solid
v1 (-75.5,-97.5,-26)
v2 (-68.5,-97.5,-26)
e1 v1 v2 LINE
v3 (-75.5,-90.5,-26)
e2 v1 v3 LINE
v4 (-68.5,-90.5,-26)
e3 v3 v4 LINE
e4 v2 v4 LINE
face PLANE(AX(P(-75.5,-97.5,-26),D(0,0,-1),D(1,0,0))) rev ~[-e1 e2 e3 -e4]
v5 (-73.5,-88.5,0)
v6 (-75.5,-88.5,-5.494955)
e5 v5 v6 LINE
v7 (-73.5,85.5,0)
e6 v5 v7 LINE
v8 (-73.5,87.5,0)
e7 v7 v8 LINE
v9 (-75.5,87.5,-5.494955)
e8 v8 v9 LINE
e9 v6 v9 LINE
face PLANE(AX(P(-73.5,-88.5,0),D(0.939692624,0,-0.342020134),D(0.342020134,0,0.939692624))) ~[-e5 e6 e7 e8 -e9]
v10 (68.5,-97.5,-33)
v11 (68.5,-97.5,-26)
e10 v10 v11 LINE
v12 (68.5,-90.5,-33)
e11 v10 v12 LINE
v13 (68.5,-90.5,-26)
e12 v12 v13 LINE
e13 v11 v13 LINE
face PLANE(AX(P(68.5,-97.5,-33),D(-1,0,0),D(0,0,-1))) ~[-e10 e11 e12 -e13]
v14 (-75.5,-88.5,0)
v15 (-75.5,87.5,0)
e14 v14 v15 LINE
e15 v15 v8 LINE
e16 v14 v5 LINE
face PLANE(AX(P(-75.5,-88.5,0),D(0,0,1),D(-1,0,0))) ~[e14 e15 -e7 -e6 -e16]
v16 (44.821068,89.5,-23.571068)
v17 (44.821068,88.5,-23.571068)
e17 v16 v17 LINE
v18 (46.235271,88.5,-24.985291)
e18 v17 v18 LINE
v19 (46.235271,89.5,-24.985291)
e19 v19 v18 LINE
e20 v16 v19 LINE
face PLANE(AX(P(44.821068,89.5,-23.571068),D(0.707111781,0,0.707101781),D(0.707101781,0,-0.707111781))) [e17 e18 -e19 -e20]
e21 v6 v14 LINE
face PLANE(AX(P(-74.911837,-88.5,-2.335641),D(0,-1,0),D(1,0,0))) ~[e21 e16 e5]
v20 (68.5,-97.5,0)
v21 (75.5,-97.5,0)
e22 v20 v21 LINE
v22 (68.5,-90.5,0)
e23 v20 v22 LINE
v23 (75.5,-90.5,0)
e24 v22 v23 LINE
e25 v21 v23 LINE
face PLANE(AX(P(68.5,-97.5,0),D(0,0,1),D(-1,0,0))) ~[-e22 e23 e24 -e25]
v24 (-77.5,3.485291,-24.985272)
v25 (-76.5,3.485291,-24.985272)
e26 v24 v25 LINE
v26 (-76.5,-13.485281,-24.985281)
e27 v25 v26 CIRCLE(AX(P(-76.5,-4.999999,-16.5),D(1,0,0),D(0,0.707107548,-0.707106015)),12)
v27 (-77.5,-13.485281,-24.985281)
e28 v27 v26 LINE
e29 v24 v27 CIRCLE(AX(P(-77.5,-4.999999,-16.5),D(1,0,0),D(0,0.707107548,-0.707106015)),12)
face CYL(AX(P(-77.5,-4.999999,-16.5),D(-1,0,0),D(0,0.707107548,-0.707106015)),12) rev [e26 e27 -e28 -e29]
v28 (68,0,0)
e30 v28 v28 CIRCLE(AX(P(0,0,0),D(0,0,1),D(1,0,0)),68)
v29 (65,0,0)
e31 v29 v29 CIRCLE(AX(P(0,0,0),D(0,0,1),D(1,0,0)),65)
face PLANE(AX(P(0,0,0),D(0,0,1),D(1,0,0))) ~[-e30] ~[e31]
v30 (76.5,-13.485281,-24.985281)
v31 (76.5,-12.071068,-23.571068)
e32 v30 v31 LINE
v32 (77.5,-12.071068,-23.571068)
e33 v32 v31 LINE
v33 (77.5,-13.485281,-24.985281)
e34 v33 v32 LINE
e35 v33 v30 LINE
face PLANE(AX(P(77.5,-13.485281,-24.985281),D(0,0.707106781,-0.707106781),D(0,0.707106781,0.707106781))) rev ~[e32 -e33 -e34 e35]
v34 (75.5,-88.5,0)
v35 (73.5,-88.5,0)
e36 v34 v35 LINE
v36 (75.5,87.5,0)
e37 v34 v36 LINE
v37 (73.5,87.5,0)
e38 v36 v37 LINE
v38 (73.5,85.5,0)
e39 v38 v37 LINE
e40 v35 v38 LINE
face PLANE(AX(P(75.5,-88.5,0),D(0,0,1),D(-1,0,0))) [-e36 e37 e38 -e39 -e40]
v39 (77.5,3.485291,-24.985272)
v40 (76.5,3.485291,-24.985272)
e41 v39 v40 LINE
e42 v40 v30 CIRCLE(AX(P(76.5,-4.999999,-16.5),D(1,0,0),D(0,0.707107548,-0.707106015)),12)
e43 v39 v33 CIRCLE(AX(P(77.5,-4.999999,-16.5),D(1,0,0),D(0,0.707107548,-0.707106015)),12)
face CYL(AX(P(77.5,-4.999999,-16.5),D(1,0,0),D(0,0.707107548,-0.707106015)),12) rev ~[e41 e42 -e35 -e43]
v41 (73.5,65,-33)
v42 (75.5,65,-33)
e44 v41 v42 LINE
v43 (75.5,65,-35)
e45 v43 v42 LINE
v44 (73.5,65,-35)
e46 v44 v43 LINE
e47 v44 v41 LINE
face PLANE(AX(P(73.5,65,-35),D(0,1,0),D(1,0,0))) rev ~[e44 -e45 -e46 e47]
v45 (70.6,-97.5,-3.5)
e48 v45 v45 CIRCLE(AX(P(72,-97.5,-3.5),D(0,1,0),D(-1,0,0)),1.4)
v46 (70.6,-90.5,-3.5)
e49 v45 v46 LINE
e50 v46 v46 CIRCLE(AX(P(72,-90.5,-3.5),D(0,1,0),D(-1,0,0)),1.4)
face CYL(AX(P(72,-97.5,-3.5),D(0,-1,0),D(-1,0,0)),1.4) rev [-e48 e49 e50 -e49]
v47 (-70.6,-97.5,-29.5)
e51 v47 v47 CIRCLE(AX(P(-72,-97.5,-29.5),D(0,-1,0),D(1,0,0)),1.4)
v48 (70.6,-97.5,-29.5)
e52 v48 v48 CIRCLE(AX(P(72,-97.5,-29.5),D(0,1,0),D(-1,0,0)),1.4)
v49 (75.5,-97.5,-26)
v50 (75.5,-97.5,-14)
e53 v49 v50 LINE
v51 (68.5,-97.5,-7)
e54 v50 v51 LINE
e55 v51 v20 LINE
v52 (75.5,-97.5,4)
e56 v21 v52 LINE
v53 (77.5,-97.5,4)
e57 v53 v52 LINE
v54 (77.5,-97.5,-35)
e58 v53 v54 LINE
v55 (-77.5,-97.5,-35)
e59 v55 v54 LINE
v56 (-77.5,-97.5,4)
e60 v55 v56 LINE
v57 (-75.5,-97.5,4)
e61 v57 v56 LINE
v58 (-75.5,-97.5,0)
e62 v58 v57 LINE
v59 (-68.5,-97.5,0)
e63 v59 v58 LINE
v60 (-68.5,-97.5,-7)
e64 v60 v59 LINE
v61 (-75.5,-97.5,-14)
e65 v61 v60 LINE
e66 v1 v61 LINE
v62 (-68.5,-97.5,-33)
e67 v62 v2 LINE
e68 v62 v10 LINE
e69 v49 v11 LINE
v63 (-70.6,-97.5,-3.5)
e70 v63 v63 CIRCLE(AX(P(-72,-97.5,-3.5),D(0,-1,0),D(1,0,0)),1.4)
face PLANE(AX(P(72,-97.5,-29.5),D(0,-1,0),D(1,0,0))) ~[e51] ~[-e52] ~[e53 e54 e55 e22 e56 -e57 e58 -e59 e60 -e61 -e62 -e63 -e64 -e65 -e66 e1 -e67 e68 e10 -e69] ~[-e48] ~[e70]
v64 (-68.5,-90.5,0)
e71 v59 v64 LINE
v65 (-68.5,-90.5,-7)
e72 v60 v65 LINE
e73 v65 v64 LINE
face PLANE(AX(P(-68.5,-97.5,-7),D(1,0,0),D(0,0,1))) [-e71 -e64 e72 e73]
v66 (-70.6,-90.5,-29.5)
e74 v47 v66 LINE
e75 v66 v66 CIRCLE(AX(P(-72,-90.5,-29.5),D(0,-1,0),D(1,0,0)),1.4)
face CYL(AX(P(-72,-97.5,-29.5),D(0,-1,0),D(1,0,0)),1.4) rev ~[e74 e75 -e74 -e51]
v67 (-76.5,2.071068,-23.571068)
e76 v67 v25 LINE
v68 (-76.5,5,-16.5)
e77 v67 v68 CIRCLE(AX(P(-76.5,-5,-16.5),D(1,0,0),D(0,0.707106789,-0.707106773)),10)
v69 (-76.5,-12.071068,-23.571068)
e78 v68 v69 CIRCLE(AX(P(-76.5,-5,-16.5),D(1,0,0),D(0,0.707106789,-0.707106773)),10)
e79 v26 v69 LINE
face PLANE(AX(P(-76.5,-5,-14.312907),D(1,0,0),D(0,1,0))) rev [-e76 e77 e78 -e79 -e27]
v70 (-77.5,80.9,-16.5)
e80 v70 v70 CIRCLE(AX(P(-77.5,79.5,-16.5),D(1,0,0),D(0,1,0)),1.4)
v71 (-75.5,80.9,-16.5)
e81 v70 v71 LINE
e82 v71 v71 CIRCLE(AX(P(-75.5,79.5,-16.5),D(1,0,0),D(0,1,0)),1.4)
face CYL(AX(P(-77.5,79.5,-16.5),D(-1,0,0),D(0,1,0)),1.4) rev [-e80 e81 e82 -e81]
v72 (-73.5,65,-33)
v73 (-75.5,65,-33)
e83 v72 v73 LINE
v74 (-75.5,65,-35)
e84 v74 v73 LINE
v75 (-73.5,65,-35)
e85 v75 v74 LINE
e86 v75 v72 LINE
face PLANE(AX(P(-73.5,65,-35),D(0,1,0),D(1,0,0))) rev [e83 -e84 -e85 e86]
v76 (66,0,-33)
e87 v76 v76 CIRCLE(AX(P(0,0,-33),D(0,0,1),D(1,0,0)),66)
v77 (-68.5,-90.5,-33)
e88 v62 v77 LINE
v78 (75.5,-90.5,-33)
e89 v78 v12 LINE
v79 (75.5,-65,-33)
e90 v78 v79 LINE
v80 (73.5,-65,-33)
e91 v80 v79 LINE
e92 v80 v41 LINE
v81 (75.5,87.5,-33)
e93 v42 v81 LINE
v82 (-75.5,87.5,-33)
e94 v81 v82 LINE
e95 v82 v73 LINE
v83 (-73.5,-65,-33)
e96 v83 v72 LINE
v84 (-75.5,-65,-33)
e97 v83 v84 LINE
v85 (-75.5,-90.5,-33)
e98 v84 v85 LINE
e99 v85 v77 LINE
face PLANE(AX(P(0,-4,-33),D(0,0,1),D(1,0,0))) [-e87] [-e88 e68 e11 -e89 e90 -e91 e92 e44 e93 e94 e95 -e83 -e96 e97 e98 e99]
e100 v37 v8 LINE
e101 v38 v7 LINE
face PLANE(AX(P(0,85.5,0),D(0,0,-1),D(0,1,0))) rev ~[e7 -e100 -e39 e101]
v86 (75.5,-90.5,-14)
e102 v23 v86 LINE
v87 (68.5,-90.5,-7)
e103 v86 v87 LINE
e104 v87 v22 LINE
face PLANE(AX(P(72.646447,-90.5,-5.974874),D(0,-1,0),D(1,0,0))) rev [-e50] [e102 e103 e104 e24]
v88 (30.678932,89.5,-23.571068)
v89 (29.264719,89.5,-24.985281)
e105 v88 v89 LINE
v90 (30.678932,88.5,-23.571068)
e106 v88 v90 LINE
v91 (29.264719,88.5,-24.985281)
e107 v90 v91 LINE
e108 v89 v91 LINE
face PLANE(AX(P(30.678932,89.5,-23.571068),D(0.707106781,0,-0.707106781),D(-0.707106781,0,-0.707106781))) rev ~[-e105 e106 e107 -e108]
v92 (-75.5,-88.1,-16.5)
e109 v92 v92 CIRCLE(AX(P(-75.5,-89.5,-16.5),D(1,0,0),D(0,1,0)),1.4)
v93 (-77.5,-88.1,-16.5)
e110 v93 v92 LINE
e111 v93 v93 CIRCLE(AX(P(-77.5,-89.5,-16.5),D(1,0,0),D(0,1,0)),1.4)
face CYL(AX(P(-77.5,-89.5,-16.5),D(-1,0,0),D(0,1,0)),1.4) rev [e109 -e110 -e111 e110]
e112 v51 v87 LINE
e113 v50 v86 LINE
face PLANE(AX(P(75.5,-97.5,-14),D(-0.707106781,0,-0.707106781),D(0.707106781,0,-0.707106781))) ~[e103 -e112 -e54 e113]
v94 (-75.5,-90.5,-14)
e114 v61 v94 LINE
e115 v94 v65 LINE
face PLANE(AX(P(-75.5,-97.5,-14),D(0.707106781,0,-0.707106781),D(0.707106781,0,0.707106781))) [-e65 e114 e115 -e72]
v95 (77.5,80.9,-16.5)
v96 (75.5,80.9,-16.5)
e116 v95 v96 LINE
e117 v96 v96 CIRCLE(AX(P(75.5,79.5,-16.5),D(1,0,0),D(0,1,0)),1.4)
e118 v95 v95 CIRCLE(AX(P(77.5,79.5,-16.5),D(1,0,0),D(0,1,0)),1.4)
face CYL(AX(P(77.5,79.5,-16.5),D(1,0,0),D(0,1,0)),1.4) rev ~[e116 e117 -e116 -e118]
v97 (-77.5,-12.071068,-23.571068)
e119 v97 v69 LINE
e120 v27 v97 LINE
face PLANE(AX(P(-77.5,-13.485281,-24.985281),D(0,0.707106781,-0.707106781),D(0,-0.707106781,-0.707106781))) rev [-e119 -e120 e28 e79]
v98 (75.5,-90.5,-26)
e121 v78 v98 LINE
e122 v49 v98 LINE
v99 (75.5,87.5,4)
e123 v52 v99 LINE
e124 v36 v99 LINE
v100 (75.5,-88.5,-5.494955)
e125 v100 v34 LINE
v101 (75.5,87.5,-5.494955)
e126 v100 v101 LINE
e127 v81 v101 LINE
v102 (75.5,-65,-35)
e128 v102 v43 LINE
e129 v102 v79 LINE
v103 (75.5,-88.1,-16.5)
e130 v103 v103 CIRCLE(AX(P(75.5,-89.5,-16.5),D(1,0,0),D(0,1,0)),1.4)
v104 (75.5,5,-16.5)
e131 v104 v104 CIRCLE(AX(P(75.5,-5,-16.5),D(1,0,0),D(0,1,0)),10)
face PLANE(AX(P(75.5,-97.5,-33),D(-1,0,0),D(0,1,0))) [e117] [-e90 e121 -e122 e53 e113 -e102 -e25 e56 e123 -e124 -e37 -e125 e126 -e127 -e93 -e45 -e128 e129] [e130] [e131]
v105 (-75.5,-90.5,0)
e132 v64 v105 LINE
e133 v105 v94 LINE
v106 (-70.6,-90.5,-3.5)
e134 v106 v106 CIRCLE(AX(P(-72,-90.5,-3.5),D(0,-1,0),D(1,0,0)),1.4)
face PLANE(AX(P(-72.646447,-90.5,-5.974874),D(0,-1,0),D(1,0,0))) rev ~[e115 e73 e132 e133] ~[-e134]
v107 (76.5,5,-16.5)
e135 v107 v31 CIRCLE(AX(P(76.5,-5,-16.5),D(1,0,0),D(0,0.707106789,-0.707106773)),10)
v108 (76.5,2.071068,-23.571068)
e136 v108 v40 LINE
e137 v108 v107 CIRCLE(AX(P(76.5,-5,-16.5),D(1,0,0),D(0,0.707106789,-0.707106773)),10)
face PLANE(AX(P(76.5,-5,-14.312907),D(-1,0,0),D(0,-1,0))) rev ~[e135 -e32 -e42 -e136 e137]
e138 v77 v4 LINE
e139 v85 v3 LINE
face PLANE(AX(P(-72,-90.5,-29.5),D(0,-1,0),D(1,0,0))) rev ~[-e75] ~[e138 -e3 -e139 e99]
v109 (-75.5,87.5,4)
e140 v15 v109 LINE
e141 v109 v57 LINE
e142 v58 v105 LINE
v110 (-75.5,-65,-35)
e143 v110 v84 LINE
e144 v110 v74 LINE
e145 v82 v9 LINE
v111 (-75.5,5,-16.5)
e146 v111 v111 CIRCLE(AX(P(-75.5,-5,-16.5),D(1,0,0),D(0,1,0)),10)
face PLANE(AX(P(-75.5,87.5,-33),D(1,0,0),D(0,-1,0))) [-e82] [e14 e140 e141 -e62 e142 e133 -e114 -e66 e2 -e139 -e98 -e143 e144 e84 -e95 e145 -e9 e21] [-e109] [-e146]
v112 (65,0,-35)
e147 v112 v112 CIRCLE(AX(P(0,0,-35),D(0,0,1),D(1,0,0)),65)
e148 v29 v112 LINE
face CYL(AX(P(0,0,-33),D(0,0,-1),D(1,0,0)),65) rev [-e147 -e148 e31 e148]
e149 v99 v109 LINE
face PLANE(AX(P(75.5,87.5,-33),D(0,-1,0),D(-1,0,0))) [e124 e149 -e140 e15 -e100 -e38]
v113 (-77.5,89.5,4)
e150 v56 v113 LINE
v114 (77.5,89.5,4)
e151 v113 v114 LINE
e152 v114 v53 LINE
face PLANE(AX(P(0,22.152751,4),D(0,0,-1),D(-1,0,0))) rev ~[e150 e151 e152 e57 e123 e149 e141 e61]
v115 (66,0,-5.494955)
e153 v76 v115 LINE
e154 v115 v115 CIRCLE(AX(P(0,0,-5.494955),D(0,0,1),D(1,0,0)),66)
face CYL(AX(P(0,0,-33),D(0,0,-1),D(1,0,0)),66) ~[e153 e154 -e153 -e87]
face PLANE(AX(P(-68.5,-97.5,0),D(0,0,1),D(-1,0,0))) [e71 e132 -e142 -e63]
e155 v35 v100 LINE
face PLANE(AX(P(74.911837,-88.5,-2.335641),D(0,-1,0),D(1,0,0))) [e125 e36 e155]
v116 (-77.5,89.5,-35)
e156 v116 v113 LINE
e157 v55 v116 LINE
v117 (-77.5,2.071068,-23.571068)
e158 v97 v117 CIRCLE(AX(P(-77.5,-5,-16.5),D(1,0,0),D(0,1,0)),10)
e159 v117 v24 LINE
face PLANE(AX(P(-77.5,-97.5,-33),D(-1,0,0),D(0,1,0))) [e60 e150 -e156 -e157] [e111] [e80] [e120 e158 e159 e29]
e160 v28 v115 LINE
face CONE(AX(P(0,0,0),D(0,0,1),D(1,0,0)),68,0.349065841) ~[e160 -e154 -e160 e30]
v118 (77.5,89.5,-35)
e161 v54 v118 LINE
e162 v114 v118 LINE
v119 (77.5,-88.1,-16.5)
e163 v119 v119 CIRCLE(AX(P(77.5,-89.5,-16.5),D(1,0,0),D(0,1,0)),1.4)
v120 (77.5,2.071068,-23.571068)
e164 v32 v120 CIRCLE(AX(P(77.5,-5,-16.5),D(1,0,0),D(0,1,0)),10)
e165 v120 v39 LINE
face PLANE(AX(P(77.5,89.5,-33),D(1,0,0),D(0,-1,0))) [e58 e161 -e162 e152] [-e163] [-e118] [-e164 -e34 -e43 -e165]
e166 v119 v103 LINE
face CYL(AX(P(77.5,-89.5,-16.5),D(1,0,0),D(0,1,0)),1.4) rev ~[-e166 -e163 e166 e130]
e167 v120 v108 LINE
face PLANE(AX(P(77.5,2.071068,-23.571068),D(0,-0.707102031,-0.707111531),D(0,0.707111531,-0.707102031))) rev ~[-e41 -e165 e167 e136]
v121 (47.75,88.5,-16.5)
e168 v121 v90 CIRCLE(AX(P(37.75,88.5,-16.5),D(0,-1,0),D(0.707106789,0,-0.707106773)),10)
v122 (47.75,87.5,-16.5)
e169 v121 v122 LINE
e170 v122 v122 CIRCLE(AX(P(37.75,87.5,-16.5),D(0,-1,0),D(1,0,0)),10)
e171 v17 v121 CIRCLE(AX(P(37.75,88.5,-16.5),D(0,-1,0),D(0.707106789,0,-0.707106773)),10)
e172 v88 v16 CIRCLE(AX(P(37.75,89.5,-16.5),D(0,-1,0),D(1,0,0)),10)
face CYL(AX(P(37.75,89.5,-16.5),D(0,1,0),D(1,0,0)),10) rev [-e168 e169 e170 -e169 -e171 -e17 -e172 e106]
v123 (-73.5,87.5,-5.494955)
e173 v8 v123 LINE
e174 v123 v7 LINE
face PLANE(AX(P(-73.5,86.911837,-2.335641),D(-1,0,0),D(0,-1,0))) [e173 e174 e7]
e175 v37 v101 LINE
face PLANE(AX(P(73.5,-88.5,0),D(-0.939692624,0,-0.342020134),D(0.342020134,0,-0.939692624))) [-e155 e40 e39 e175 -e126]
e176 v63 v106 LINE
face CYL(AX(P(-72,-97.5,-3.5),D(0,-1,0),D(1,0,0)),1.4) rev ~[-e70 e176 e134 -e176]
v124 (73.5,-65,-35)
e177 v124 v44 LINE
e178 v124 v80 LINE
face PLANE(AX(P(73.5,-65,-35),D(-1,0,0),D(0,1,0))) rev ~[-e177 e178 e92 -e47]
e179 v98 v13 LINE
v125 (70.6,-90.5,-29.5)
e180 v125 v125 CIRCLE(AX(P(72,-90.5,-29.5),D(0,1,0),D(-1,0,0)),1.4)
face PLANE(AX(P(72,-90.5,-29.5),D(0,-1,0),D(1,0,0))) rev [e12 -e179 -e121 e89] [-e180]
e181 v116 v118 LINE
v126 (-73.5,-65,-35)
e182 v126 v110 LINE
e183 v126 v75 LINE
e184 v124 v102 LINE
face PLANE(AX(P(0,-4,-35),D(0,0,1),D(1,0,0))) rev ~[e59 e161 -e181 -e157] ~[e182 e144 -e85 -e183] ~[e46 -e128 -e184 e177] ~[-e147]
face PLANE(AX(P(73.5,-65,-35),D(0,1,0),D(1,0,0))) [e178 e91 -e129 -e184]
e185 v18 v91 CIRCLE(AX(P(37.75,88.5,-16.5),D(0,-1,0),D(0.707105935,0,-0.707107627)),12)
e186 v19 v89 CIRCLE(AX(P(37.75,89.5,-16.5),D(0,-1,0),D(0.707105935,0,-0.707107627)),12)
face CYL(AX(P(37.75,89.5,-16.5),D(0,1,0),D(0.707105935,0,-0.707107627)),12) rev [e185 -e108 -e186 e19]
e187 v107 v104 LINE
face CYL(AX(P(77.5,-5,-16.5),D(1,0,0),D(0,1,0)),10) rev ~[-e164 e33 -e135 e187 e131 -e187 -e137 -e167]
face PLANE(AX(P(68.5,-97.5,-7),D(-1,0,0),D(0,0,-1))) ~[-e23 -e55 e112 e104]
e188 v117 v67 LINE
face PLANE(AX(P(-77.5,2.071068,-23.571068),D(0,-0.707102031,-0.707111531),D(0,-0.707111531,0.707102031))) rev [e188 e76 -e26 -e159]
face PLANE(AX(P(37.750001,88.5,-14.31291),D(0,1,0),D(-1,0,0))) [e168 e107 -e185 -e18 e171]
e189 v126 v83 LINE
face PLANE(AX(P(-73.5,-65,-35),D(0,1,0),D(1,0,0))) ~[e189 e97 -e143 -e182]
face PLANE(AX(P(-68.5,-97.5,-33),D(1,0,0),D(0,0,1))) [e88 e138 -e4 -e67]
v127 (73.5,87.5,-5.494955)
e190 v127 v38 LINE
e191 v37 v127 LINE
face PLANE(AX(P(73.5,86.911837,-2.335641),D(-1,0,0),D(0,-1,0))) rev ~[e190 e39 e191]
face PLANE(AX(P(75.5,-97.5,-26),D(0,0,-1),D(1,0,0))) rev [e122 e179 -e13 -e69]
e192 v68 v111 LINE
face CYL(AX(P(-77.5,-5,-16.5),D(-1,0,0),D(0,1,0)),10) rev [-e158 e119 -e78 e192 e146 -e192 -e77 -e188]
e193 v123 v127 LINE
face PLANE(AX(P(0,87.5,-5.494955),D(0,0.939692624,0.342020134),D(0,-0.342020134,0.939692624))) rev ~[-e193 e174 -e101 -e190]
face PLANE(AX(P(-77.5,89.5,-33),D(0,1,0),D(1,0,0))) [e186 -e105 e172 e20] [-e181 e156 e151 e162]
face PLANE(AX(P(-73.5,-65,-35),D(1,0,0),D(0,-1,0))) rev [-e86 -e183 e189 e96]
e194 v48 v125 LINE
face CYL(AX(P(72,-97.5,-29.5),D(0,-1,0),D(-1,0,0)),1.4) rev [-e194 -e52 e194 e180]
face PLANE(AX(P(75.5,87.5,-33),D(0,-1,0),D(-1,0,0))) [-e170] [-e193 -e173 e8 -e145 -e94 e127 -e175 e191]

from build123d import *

# Parameters (mm, degrees)
SKETCH039_W       = 155
SKETCH039_H       = 187
SKETCH039_R       = 65
PAD004_DEPTH      = 2
PAD005_DEPTH      = 37
SKETCH041_R       = 66
SKETCH041_R_2     = 65
PAD006_DEPTH      = 33
PAD007_DEPTH      = 176
PAD012_DEPTH      = 73.5
PAD012_DEPTH_BACK = 73.5
SKETCH054_W       = 2
SKETCH054_H       = 130
POCKET013_DEPTH   = 2
SKETCH067_R       = 10
POCKET015_DEPTH   = 2
SKETCH068_W       = 7
SKETCH068_H       = 7
SKETCH068_R       = 1.4
PAD022_DEPTH      = 7
POCKET017_DEPTH   = 1
POCKET018_DEPTH   = 1
SKETCH074_R       = 10
POCKET019_DEPTH   = 2
SKETCH075_R       = 1.4
POCKET020_DEPTH   = 2


with BuildPart() as part:
    # Sketch039 → Pad004 (new body)
    with BuildSketch(Plane.XY):
        with Locations((0, -4)):
            Rectangle(SKETCH039_W, SKETCH039_H)
        Circle(SKETCH039_R, mode=Mode.SUBTRACT)
    extrude(amount=PAD004_DEPTH)

    # Sketch040 (on DatumPlane) → Pad005 (join)
    with BuildSketch(Plane.XY.offset(2)):
        Polygon((-77.5, 89.5), (77.5, 89.5), (77.5, -97.5), (75.5, -97.5), (75.5, 87.5), (-75.5, 87.5), (-75.5, -97.5), (-77.5, -97.5), align=None)
    extrude(amount=PAD005_DEPTH)

    # Sketch041 (on DatumPlane) → Pad006 (join)
    with BuildSketch(Plane.XY.offset(2)):
        Circle(SKETCH041_R)
        Circle(SKETCH041_R_2, mode=Mode.SUBTRACT)
    extrude(amount=PAD006_DEPTH)

    # Sketch042 (on DatumPlane) → Pad007 (join)
    with BuildSketch(Plane.XZ.offset(88.5)):
        Polygon((75.5, 29.505045), (75.5, 35), (73.5, 35), align=None)
    pad007 = extrude(amount=-PAD007_DEPTH)

    # Mirrored004: Pad007 across YZ
    add(pad007.mirror(Plane.YZ))

    # Sketch047 → Revolution (revolve)
    with BuildSketch(Plane.XZ):
        Polygon((66, 35), (68, 35), (66, 29.505045), align=None)
    revolve(axis=Axis((0, 0, 0), (0, 0, 1)))

    # Sketch048 → Pad012 (join, two sides)
    with BuildSketch(Plane.YZ) as pad012_sk:
        Polygon((87.5, 35), (87.5, 29.505045), (85.5, 35), align=None)
    extrude(amount=PAD012_DEPTH)
    extrude(pad012_sk.sketch, amount=-PAD012_DEPTH_BACK)

    # Sketch054 → Pocket013 (cut)
    with BuildSketch(Plane.XY):
        with Locations((74.5, 0)):
            Rectangle(SKETCH054_W, SKETCH054_H)
    pocket013 = extrude(amount=POCKET013_DEPTH, mode=Mode.SUBTRACT)

    # Mirrored007: Pocket013 across Sketch054 V_Axis
    add(pocket013.mirror(Plane(origin=(0, 0, 0), x_dir=(0, 0, 1), z_dir=(1, 0, 0))), mode=Mode.SUBTRACT)

    # Sketch067 (on DatumPlane) → Pocket015 (cut)
    with BuildSketch(Plane.XZ.offset(-89.5)):
        with Locations((37.75, 18.5)):
            Circle(SKETCH067_R)
    extrude(amount=POCKET015_DEPTH, mode=Mode.SUBTRACT)

    # Sketch068 (on DatumPlane) → Pad022 (join)
    with BuildSketch(Plane.XZ.offset(97.5)):
        with Locations((-72, 5.5)):
            Rectangle(SKETCH068_W, SKETCH068_H)
        with Locations((-72, 5.5)):
            Circle(SKETCH068_R, mode=Mode.SUBTRACT)
        Polygon((-68.5, 28), (-68.5, 35), (-75.5, 35), (-75.5, 21), align=None)
        with Locations((-72, 31.5)):
            Circle(SKETCH068_R, mode=Mode.SUBTRACT)
    pad022 = extrude(amount=-PAD022_DEPTH)

    # Mirrored009: Pad022 across Sketch068 V_Axis
    add(pad022.mirror(Plane(origin=(0, -97.5, 0), x_dir=(0, -1, 0), z_dir=(1, 0, 0))))

    # Sketch070 (on DatumPlane) → Pocket017 (cut)
    with BuildSketch(Plane.XZ.offset(-89.5)):
        with BuildLine():
            ThreePointArc((44.821068, 11.428932), (37.75, 28.5), (30.678932, 11.428932))
            Line((30.678932, 11.428932), (29.264719, 10.014719))
            ThreePointArc((46.235271, 10.014709), (37.750007, 30.5), (29.264719, 10.014719))
            Line((44.821068, 11.428932), (46.235271, 10.014709))
        make_face()
    extrude(amount=POCKET017_DEPTH, mode=Mode.SUBTRACT)

    # Sketch073 (on DatumPlane) → Pocket018 (cut)
    with BuildSketch(Plane.YZ.offset(77.5)):
        with BuildLine():
            ThreePointArc((2.071068, 11.428932), (-5, 28.5), (-12.071068, 11.428932))
            Line((-13.485281, 10.014719), (-12.071068, 11.428932))
            ThreePointArc((3.485291, 10.014728), (-5.000007, 30.5), (-13.485281, 10.014719))
            Line((2.071068, 11.428932), (3.485291, 10.014728))
        make_face()
    pocket018 = extrude(amount=-POCKET018_DEPTH, mode=Mode.SUBTRACT)

    # Sketch074 (on DatumPlane) → Pocket019 (cut)
    with BuildSketch(Plane.YZ.offset(77.5)):
        with Locations((-5, 18.5)):
            Circle(SKETCH074_R)
    pocket019 = extrude(amount=-POCKET019_DEPTH, mode=Mode.SUBTRACT)

    # Mirrored011: Pocket019 across YZ
    add(pocket019.mirror(Plane.YZ), mode=Mode.SUBTRACT)

    # Mirrored012: Pocket018 across YZ
    add(pocket018.mirror(Plane.YZ), mode=Mode.SUBTRACT)

    # Sketch075 (on DatumPlane) → Pocket020 (cut)
    with BuildSketch(Plane.YZ.offset(77.5)):
        with Locations((-89.5, 18.5)):
            Circle(SKETCH075_R)
        with Locations((79.5, 18.5)):
            Circle(SKETCH075_R)
    pocket020 = extrude(amount=-POCKET020_DEPTH, mode=Mode.SUBTRACT)

    # Mirrored013: Pocket020 across YZ
    add(pocket020.mirror(Plane.YZ), mode=Mode.SUBTRACT)


with BuildPart() as part_1:
    # Body004 placement: moved
    add(part.part.moved(Location((0, 0, -35))))


solid = part_1.part
